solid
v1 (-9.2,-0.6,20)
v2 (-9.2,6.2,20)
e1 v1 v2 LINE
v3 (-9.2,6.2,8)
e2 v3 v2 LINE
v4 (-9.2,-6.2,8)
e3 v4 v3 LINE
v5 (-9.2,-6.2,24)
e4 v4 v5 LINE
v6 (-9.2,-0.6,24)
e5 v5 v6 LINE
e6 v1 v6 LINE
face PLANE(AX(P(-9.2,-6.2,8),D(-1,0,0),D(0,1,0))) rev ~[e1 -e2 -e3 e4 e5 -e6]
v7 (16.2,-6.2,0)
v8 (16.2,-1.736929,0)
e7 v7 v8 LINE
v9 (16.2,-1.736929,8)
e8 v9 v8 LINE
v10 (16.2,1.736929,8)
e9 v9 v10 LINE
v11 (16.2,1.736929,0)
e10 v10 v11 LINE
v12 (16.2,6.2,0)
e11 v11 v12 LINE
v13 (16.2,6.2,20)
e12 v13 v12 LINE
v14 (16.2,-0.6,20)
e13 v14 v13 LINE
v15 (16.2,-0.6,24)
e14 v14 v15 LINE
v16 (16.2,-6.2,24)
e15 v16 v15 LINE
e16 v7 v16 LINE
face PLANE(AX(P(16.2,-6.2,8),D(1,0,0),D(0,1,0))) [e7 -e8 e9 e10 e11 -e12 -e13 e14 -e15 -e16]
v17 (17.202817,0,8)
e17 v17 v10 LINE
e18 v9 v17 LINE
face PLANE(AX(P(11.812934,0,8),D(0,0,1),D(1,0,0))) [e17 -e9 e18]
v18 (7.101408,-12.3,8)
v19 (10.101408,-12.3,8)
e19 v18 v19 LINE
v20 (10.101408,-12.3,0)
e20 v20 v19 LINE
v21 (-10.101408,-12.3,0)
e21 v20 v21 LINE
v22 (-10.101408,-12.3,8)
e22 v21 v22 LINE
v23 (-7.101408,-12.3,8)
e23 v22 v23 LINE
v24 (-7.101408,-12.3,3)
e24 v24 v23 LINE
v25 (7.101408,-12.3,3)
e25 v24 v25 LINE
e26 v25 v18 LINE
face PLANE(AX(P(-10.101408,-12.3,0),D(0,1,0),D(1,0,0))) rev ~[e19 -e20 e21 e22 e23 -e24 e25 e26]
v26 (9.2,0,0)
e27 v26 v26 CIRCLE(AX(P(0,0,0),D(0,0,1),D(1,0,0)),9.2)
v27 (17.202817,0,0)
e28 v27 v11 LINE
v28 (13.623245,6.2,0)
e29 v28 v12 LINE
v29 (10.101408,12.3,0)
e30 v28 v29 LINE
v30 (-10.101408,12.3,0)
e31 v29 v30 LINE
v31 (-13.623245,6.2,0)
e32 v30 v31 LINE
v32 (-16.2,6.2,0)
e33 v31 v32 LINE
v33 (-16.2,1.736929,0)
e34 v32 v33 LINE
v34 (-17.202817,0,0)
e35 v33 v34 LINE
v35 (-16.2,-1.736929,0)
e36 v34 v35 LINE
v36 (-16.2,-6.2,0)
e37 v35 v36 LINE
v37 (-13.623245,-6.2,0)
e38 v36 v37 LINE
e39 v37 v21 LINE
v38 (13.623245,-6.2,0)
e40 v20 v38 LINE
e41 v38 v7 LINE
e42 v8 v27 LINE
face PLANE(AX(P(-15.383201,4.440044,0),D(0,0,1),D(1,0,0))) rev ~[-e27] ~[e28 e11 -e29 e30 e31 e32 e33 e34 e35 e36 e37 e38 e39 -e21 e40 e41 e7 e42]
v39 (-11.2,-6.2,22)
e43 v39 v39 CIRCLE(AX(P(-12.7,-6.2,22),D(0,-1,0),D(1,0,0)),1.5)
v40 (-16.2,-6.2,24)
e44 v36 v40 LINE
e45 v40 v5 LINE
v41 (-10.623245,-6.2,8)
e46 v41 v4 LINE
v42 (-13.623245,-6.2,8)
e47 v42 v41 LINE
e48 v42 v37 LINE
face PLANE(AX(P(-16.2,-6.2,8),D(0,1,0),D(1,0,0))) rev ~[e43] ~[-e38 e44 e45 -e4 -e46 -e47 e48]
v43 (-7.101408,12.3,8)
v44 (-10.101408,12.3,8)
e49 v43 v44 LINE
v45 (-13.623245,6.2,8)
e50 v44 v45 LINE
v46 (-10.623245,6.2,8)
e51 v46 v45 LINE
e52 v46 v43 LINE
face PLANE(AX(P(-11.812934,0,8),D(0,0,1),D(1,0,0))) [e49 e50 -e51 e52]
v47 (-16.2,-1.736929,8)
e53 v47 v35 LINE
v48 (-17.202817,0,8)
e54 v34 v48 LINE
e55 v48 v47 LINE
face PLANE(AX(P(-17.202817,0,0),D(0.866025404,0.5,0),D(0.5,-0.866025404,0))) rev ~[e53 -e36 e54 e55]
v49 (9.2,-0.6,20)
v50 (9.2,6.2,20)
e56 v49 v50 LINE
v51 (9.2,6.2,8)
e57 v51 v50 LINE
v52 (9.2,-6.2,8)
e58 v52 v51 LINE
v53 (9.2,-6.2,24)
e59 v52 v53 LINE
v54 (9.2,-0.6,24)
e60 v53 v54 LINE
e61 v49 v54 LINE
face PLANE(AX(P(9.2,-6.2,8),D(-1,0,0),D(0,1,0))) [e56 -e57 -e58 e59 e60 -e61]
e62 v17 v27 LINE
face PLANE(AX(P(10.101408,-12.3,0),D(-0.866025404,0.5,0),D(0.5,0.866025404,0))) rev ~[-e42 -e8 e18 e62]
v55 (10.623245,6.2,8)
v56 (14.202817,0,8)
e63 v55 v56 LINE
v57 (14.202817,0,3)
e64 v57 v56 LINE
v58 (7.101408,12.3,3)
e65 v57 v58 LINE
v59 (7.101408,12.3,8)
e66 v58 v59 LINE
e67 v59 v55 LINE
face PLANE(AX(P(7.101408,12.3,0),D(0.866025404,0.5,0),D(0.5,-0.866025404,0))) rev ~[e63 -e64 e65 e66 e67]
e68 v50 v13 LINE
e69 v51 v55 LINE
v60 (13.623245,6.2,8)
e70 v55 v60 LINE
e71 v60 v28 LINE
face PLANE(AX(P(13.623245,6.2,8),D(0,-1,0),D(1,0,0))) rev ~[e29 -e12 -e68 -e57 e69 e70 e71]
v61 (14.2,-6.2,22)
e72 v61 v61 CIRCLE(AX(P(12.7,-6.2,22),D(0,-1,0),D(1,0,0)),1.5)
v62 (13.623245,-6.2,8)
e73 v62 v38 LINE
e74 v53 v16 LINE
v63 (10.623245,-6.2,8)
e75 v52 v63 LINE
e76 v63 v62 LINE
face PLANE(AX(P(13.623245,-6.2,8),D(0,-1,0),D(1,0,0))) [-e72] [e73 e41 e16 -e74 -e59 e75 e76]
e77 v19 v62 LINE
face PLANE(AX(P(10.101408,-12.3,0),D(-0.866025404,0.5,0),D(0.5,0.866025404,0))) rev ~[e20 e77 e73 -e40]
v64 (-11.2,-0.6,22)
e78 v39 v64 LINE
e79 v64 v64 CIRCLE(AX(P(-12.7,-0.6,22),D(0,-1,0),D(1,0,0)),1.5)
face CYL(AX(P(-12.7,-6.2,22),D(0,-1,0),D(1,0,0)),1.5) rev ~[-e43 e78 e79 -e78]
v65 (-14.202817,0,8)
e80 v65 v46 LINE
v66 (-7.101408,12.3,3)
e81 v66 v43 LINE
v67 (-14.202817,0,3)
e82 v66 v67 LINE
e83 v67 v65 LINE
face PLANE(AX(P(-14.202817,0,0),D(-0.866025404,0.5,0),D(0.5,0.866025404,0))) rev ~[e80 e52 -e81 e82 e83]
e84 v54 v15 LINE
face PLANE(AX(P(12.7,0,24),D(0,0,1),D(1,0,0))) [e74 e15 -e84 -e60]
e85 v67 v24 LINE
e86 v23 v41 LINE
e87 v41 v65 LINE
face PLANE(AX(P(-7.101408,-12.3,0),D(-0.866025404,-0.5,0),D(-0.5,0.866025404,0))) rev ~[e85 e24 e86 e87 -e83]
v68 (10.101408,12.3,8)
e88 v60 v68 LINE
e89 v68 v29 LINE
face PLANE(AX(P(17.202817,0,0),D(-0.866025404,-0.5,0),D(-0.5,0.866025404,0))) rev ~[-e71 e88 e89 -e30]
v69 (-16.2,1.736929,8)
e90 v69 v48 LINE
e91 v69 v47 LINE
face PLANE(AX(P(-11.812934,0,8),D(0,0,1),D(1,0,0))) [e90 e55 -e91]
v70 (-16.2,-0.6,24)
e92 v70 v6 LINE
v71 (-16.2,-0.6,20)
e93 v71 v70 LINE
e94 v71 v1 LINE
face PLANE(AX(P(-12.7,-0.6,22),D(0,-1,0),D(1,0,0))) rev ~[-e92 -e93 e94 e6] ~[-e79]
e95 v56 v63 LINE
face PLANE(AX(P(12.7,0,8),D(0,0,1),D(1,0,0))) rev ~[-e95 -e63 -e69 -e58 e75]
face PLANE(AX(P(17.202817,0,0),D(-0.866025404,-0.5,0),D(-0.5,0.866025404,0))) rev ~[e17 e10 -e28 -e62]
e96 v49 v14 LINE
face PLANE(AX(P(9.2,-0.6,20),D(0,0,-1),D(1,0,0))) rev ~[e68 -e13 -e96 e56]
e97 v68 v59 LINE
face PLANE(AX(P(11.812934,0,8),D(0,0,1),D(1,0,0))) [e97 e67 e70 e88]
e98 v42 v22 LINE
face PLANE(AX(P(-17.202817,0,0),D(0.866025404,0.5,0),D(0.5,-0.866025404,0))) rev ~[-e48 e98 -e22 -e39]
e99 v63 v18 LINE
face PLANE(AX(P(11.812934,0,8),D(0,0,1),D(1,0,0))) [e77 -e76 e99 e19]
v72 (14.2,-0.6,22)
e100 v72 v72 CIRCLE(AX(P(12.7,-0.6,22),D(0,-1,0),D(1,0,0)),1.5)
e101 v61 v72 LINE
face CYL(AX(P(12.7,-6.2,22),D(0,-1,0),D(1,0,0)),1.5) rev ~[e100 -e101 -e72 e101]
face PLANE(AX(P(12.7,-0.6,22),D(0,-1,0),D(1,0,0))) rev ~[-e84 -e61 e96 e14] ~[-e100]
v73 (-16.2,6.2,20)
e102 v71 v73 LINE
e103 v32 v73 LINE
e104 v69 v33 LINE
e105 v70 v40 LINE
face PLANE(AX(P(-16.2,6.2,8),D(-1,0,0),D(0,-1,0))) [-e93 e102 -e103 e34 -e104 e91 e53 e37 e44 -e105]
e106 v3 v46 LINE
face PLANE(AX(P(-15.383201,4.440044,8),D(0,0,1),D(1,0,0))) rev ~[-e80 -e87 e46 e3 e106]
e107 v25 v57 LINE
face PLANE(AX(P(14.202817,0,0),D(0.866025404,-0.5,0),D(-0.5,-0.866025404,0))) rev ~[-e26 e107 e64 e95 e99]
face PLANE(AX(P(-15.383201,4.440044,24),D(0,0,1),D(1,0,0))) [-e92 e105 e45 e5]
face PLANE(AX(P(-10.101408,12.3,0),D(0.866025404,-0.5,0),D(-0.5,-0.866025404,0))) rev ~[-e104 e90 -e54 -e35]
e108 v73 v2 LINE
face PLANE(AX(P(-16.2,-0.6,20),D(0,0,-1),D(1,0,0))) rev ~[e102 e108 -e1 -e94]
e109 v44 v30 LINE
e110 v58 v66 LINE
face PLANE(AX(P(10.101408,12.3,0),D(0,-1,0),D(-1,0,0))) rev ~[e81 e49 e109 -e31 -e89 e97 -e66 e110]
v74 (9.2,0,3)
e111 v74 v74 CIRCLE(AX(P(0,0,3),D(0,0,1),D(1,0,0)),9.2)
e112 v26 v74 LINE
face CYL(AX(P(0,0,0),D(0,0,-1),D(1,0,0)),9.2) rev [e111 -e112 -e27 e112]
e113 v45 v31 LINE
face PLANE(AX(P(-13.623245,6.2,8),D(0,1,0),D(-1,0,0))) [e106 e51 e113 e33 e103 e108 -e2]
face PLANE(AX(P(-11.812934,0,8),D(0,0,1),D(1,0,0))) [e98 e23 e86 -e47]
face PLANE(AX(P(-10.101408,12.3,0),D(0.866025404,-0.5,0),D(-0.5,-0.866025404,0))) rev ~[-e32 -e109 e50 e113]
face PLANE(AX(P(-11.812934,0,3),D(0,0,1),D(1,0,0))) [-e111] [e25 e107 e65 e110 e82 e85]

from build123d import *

# Parameters (mm, degrees)
F0_R     = 9.2
F1_DEPTH = 3
F2_DEPTH = 8
F3_W     = 7
F3_H     = 12.4
F4_DEPTH = 16
F5_DEPTH = 8
F6_R     = 1.5
F7_DEPTH = 18.501
F8_START = -5.6
F6_W     = 7
F6_H     = 4
F8_DEPTH = 6.8


with BuildPart() as f1:
    # F0 (on Top) → F1 (new body)
    with BuildSketch(Plane.XY):
        Polygon((-7.101408311, -12.3), (-14.2028166221, 0), (-7.101408311, 12.3), (-10.101408311, 12.3), (-17.2028166221, 0), (-10.101408311, -12.3), align=None)
        Polygon((-7.101408311, 12.3), (-14.2028166221, 0), (-7.101408311, -12.3), (7.101408311, -12.3), (14.2028166221, 0), (7.101408311, 12.3), align=None)
        Circle(F0_R, mode=Mode.SUBTRACT)
        Polygon((10.101408311, 12.3), (7.101408311, 12.3), (14.2028166221, 0), (7.101408311, -12.3), (10.101408311, -12.3), (17.2028166221, 0), align=None)
    extrude(amount=F1_DEPTH)

    # F0 (on Top) → F2 (join)
    with BuildSketch(Plane.XY):
        Polygon((-7.101408311, -12.3), (-14.2028166221, 0), (-7.101408311, 12.3), (-10.101408311, 12.3), (-17.2028166221, 0), (-10.101408311, -12.3), align=None)
        Polygon((10.101408311, 12.3), (7.101408311, 12.3), (14.2028166221, 0), (7.101408311, -12.3), (10.101408311, -12.3), (17.2028166221, 0), align=None)
    extrude(amount=F2_DEPTH)

    # F3 (on face) → F4 (join)
    with BuildSketch(Plane.XY.offset(8)):
        Polygon((-16.2, 1.7369293401), (-13.6232449531, 6.2), (-16.2, 6.2), align=None)
        Polygon((-14.2028166221, 0), (-10.6232449531, 6.2), (-13.6232449531, 6.2), (-16.2, 1.7369293401), (-16.2, -1.7369293401), (-13.6232449531, -6.2), (-10.6232449531, -6.2), align=None)
        Polygon((-16.2, -6.2), (-13.6232449531, -6.2), (-16.2, -1.7369293401), align=None)
        Polygon((-9.2, -6.2), (-9.2, 6.2), (-10.6232449531, 6.2), (-14.2028166221, 0), (-10.6232449531, -6.2), align=None)
        with Locations((12.7, 0)):
            Rectangle(F3_W, F3_H)
    extrude(amount=F4_DEPTH)

    # F5 (add, through all): faces of the model
    f5_faces = [f1.faces().sort_by_distance(p)[0] for p in [
        (-15.341081651, 4.71230978, 8),
        (15.341081651, 4.71230978, 8),
        (15.341081651, -4.71230978, 8),
        (-15.341081651, -4.71230978, 8),
    ]]
    extrude(f5_faces, amount=F5_DEPTH)

    # F6 (on face) → F7 (cut, through all)
    with BuildSketch(Plane.XZ.offset(6.2)):
        with Locations((-12.7, 22)):
            Circle(F6_R)
        with Locations((12.7, 22)):
            Circle(F6_R)
    extrude(amount=-F7_DEPTH, mode=Mode.SUBTRACT)

    # F6 (on face) → F8 (cut)
    with BuildSketch(Plane.XZ.offset(6.2).offset(F8_START)):
        with Locations((-12.7, 22)):
            Rectangle(F6_W, F6_H)
        with Locations((-12.7, 22)):
            Circle(F6_R, mode=Mode.SUBTRACT)
        with Locations((12.7, 22)):
            Rectangle(F6_W, F6_H)
        with Locations((12.7, 22)):
            Circle(F6_R, mode=Mode.SUBTRACT)
    extrude(amount=-F8_DEPTH, mode=Mode.SUBTRACT)


solid = f1.part
